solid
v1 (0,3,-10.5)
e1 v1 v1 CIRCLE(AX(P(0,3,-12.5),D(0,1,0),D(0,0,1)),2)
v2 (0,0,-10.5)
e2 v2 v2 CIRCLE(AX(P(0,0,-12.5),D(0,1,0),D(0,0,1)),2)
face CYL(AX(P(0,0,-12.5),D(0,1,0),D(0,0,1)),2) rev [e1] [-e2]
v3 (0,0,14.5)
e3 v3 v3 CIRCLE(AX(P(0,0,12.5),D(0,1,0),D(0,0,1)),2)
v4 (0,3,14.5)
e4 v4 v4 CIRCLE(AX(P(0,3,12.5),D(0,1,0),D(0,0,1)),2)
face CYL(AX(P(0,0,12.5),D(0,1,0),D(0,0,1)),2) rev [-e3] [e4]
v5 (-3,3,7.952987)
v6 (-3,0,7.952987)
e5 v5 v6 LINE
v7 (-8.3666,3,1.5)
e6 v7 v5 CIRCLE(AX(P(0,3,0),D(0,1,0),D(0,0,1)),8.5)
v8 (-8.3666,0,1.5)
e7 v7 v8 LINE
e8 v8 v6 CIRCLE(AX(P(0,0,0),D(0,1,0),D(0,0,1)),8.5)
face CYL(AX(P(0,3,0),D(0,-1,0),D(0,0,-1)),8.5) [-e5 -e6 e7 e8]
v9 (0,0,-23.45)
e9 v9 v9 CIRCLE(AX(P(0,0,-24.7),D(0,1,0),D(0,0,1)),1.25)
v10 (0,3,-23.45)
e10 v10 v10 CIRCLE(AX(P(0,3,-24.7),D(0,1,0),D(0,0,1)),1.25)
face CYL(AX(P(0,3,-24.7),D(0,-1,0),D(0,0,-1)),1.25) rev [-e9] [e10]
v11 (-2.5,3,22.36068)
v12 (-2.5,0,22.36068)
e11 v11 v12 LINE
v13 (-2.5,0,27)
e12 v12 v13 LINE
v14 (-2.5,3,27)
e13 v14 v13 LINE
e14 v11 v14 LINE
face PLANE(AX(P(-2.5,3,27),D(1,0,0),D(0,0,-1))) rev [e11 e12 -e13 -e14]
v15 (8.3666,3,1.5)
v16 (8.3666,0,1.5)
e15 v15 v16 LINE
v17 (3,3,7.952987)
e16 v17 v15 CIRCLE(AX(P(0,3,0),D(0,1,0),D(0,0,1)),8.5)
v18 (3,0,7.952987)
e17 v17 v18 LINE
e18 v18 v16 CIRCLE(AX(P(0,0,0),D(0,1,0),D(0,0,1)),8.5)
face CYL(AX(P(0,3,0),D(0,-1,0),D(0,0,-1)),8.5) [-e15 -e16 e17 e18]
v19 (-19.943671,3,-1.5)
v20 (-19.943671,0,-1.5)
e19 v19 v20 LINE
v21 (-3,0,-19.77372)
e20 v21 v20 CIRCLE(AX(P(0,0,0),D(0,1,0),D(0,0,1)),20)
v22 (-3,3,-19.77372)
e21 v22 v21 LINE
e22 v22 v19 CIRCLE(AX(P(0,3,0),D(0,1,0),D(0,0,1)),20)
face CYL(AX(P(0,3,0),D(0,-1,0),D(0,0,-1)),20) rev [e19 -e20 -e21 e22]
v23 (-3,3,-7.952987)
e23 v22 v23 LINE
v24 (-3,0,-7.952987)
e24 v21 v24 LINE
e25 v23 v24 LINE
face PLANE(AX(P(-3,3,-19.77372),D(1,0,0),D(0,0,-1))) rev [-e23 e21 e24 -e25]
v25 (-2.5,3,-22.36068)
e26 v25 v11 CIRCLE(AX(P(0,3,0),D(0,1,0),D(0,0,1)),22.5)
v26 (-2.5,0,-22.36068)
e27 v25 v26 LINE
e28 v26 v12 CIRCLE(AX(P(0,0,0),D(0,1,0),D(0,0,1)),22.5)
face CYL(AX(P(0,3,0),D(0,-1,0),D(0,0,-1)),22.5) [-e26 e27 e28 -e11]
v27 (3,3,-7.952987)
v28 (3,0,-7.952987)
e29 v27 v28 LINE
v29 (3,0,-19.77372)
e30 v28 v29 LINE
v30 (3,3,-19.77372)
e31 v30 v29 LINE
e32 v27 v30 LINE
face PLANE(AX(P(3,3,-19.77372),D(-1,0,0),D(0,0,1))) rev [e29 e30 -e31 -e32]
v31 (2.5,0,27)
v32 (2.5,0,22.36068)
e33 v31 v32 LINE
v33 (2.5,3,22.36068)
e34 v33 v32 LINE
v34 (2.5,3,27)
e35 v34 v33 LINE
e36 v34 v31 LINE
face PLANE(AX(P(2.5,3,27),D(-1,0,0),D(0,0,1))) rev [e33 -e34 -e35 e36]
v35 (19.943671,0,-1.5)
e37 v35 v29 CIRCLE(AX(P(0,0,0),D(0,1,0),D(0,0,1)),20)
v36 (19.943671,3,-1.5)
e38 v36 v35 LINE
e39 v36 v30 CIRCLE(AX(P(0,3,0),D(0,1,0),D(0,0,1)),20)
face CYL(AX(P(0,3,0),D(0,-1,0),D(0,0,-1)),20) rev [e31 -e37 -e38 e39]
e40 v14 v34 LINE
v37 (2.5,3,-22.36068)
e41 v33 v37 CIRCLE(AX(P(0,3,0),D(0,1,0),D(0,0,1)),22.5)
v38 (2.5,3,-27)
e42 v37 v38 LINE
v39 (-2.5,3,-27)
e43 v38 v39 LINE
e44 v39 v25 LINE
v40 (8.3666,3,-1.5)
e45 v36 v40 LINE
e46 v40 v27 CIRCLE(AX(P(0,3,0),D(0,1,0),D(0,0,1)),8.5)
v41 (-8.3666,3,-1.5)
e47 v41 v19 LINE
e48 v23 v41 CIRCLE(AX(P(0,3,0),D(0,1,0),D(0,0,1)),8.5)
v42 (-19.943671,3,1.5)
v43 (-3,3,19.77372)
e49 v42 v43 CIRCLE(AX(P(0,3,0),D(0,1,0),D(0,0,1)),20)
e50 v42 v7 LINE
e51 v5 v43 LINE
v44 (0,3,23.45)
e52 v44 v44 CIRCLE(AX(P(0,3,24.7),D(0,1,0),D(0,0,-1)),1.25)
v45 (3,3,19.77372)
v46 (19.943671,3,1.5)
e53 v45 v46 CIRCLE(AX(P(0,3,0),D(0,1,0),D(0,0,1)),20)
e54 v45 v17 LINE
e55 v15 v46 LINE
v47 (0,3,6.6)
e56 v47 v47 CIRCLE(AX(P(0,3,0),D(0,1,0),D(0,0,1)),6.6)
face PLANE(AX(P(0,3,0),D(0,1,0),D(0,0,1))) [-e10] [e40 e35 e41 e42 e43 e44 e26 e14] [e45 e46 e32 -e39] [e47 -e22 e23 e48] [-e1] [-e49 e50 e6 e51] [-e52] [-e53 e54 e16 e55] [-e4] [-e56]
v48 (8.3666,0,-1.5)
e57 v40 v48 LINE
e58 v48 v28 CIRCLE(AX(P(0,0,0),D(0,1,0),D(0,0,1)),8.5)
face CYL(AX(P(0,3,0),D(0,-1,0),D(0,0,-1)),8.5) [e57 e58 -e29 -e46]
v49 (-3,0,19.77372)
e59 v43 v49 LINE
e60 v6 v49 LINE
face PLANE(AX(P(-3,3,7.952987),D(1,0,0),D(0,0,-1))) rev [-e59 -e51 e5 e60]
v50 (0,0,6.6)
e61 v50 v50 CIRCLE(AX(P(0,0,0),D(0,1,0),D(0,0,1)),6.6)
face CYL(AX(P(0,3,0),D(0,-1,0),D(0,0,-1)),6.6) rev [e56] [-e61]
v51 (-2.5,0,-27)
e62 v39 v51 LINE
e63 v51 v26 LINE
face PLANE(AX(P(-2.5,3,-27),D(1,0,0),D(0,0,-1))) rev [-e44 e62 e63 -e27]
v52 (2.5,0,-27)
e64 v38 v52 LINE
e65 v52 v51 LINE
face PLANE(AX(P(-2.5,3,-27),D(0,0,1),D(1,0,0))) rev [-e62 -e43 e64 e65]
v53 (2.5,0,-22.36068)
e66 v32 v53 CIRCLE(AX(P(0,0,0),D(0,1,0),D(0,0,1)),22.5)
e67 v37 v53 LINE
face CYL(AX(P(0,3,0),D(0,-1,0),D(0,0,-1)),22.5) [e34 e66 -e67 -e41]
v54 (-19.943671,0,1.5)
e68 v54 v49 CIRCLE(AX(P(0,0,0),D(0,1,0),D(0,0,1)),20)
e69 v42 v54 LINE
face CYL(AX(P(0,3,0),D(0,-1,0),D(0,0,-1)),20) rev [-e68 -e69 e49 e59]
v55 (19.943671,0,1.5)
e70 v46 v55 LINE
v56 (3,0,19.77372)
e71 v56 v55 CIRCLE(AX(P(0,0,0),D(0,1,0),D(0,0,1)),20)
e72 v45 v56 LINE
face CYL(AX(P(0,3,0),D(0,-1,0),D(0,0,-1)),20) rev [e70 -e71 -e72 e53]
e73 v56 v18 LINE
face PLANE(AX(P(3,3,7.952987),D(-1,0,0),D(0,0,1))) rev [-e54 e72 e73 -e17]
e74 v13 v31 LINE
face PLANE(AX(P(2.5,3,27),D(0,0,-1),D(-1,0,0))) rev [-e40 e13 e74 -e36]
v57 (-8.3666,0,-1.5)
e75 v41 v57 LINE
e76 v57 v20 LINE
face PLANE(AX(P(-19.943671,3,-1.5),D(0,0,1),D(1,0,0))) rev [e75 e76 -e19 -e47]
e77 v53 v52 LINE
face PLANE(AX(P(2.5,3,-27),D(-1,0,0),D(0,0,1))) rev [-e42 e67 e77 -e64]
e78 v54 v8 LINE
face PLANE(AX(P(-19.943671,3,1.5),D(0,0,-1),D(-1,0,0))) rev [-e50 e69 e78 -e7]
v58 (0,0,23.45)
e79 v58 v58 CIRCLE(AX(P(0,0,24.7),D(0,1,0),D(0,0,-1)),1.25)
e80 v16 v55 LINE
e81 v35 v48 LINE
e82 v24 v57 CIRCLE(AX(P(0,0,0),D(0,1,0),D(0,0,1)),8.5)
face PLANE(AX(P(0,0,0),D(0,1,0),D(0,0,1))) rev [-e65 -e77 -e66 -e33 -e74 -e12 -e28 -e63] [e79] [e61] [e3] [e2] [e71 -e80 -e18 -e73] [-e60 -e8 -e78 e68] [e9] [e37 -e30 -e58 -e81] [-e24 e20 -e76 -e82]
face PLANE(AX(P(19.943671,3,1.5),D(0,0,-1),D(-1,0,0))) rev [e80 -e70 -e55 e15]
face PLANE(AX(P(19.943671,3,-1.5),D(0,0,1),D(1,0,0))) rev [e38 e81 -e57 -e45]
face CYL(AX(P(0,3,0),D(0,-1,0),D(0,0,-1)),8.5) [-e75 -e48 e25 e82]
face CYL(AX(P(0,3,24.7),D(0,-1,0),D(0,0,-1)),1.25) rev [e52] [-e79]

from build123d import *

# Parameters (mm, degrees)
SKETCH1_R           = 22.5
SKETCH1_R_2         = 20
BOSS_EXTRUDE1_DEPTH = 3
SKETCH2_R           = 1.25
BOSS_EXTRUDE2_DEPTH = 3
CIRPATTERN1_COUNT   = 2
SKETCH3_R           = 6.6
BOSS_EXTRUDE3_DEPTH = 3
SKETCH4_R           = 2
CUT_EXTRUDE1_DEPTH  = 3


with BuildPart() as part:
    # Sketch1 → Boss-Extrude1 (new body)
    with BuildSketch(Plane(origin=(0, 0, 0), x_dir=(1, 0, 0), z_dir=(0, 1, 0))):
        with Locations(Location((0, 0, 0), (0, 0, 270))):
            Circle(SKETCH1_R)
        with Locations(Location((0, 0, 0), (0, 0, 270))):
            Circle(SKETCH1_R_2, mode=Mode.SUBTRACT)
    extrude(amount=BOSS_EXTRUDE1_DEPTH)

    # Sketch2 → Boss-Extrude2 (add)
    with BuildSketch(Plane(origin=(0, 0, 0), x_dir=(1, 0, 0), z_dir=(0, 1, 0))):
        with BuildLine():
            Line((-2.5, 27), (2.5, 27))
            Line((2.5, 27), (2.5, 22.360679775))
            ThreePointArc((2.5, 22.360679775), (0, 22.5), (-2.5, 22.360679775))
            Line((-2.5, 22.360679775), (-2.5, 27))
        make_face()
        with Locations(Location((0, 24.7, 0), (0, 0, 270))):
            Circle(SKETCH2_R, mode=Mode.SUBTRACT)
    boss_extrude2 = extrude(amount=BOSS_EXTRUDE2_DEPTH)

    # CirPattern1: Boss-Extrude2 ×2 about axis
    cirpattern1_axis = Axis((0, 0, 0), (0, 1, 0))
    for i in range(1, CIRPATTERN1_COUNT):
        add(boss_extrude2.rotate(cirpattern1_axis, i * 360 / CIRPATTERN1_COUNT))

    # Sketch3 → Boss-Extrude3 (add)
    with BuildSketch(Plane(origin=(0, 0, 0), x_dir=(1, 0, 0), z_dir=(0, 1, 0))):
        with BuildLine():
            Line((-3, 19.773719933), (-3, 7.95298686))
            ThreePointArc((-3, 7.95298686), (-6.535301084, 5.435056554), (-8.366600265, 1.5))
            Line((-8.366600265, 1.5), (-19.943670675, 1.5))
            ThreePointArc((-19.943670675, 1.5), (-20, 0), (-19.943670675, -1.5))
            Line((-19.943670675, -1.5), (-8.366600265, -1.5))
            ThreePointArc((-8.366600265, -1.5), (-6.535301084, -5.435056554), (-3, -7.95298686))
            Line((-3, -7.95298686), (-3, -19.773719933))
            ThreePointArc((-3, -19.773719933), (0, -20), (3, -19.773719933))
            Line((3, -19.773719933), (3, -7.95298686))
            ThreePointArc((3, -7.95298686), (6.535301084, -5.435056554), (8.366600265, -1.5))
            Line((8.366600265, -1.5), (19.943670675, -1.5))
            ThreePointArc((19.943670675, -1.5), (20, 0), (19.943670675, 1.5))
            Line((19.943670675, 1.5), (8.366600265, 1.5))
            ThreePointArc((8.366600265, 1.5), (6.535301084, 5.435056554), (3, 7.95298686))
            Line((3, 7.95298686), (3, 19.773719933))
            ThreePointArc((3, 19.773719933), (0, 20), (-3, 19.773719933))
        make_face()
        with Locations(Location((0, 0, 0), (0, 0, 270))):
            Circle(SKETCH3_R, mode=Mode.SUBTRACT)
    extrude(amount=BOSS_EXTRUDE3_DEPTH)

    # Sketch4 → Cut-Extrude1 (cut)
    with BuildSketch(Plane(origin=(0, 3, 0), x_dir=(1, 0, 0), z_dir=(0, 1, 0))):
        with Locations(Location((0, 12.5, 0), (0, 0, 270))):
            Circle(SKETCH4_R)
        with Locations(Location((0, -12.5, 0), (0, 0, 270))):
            Circle(SKETCH4_R)
    extrude(amount=-CUT_EXTRUDE1_DEPTH, mode=Mode.SUBTRACT)


solid = part.part
